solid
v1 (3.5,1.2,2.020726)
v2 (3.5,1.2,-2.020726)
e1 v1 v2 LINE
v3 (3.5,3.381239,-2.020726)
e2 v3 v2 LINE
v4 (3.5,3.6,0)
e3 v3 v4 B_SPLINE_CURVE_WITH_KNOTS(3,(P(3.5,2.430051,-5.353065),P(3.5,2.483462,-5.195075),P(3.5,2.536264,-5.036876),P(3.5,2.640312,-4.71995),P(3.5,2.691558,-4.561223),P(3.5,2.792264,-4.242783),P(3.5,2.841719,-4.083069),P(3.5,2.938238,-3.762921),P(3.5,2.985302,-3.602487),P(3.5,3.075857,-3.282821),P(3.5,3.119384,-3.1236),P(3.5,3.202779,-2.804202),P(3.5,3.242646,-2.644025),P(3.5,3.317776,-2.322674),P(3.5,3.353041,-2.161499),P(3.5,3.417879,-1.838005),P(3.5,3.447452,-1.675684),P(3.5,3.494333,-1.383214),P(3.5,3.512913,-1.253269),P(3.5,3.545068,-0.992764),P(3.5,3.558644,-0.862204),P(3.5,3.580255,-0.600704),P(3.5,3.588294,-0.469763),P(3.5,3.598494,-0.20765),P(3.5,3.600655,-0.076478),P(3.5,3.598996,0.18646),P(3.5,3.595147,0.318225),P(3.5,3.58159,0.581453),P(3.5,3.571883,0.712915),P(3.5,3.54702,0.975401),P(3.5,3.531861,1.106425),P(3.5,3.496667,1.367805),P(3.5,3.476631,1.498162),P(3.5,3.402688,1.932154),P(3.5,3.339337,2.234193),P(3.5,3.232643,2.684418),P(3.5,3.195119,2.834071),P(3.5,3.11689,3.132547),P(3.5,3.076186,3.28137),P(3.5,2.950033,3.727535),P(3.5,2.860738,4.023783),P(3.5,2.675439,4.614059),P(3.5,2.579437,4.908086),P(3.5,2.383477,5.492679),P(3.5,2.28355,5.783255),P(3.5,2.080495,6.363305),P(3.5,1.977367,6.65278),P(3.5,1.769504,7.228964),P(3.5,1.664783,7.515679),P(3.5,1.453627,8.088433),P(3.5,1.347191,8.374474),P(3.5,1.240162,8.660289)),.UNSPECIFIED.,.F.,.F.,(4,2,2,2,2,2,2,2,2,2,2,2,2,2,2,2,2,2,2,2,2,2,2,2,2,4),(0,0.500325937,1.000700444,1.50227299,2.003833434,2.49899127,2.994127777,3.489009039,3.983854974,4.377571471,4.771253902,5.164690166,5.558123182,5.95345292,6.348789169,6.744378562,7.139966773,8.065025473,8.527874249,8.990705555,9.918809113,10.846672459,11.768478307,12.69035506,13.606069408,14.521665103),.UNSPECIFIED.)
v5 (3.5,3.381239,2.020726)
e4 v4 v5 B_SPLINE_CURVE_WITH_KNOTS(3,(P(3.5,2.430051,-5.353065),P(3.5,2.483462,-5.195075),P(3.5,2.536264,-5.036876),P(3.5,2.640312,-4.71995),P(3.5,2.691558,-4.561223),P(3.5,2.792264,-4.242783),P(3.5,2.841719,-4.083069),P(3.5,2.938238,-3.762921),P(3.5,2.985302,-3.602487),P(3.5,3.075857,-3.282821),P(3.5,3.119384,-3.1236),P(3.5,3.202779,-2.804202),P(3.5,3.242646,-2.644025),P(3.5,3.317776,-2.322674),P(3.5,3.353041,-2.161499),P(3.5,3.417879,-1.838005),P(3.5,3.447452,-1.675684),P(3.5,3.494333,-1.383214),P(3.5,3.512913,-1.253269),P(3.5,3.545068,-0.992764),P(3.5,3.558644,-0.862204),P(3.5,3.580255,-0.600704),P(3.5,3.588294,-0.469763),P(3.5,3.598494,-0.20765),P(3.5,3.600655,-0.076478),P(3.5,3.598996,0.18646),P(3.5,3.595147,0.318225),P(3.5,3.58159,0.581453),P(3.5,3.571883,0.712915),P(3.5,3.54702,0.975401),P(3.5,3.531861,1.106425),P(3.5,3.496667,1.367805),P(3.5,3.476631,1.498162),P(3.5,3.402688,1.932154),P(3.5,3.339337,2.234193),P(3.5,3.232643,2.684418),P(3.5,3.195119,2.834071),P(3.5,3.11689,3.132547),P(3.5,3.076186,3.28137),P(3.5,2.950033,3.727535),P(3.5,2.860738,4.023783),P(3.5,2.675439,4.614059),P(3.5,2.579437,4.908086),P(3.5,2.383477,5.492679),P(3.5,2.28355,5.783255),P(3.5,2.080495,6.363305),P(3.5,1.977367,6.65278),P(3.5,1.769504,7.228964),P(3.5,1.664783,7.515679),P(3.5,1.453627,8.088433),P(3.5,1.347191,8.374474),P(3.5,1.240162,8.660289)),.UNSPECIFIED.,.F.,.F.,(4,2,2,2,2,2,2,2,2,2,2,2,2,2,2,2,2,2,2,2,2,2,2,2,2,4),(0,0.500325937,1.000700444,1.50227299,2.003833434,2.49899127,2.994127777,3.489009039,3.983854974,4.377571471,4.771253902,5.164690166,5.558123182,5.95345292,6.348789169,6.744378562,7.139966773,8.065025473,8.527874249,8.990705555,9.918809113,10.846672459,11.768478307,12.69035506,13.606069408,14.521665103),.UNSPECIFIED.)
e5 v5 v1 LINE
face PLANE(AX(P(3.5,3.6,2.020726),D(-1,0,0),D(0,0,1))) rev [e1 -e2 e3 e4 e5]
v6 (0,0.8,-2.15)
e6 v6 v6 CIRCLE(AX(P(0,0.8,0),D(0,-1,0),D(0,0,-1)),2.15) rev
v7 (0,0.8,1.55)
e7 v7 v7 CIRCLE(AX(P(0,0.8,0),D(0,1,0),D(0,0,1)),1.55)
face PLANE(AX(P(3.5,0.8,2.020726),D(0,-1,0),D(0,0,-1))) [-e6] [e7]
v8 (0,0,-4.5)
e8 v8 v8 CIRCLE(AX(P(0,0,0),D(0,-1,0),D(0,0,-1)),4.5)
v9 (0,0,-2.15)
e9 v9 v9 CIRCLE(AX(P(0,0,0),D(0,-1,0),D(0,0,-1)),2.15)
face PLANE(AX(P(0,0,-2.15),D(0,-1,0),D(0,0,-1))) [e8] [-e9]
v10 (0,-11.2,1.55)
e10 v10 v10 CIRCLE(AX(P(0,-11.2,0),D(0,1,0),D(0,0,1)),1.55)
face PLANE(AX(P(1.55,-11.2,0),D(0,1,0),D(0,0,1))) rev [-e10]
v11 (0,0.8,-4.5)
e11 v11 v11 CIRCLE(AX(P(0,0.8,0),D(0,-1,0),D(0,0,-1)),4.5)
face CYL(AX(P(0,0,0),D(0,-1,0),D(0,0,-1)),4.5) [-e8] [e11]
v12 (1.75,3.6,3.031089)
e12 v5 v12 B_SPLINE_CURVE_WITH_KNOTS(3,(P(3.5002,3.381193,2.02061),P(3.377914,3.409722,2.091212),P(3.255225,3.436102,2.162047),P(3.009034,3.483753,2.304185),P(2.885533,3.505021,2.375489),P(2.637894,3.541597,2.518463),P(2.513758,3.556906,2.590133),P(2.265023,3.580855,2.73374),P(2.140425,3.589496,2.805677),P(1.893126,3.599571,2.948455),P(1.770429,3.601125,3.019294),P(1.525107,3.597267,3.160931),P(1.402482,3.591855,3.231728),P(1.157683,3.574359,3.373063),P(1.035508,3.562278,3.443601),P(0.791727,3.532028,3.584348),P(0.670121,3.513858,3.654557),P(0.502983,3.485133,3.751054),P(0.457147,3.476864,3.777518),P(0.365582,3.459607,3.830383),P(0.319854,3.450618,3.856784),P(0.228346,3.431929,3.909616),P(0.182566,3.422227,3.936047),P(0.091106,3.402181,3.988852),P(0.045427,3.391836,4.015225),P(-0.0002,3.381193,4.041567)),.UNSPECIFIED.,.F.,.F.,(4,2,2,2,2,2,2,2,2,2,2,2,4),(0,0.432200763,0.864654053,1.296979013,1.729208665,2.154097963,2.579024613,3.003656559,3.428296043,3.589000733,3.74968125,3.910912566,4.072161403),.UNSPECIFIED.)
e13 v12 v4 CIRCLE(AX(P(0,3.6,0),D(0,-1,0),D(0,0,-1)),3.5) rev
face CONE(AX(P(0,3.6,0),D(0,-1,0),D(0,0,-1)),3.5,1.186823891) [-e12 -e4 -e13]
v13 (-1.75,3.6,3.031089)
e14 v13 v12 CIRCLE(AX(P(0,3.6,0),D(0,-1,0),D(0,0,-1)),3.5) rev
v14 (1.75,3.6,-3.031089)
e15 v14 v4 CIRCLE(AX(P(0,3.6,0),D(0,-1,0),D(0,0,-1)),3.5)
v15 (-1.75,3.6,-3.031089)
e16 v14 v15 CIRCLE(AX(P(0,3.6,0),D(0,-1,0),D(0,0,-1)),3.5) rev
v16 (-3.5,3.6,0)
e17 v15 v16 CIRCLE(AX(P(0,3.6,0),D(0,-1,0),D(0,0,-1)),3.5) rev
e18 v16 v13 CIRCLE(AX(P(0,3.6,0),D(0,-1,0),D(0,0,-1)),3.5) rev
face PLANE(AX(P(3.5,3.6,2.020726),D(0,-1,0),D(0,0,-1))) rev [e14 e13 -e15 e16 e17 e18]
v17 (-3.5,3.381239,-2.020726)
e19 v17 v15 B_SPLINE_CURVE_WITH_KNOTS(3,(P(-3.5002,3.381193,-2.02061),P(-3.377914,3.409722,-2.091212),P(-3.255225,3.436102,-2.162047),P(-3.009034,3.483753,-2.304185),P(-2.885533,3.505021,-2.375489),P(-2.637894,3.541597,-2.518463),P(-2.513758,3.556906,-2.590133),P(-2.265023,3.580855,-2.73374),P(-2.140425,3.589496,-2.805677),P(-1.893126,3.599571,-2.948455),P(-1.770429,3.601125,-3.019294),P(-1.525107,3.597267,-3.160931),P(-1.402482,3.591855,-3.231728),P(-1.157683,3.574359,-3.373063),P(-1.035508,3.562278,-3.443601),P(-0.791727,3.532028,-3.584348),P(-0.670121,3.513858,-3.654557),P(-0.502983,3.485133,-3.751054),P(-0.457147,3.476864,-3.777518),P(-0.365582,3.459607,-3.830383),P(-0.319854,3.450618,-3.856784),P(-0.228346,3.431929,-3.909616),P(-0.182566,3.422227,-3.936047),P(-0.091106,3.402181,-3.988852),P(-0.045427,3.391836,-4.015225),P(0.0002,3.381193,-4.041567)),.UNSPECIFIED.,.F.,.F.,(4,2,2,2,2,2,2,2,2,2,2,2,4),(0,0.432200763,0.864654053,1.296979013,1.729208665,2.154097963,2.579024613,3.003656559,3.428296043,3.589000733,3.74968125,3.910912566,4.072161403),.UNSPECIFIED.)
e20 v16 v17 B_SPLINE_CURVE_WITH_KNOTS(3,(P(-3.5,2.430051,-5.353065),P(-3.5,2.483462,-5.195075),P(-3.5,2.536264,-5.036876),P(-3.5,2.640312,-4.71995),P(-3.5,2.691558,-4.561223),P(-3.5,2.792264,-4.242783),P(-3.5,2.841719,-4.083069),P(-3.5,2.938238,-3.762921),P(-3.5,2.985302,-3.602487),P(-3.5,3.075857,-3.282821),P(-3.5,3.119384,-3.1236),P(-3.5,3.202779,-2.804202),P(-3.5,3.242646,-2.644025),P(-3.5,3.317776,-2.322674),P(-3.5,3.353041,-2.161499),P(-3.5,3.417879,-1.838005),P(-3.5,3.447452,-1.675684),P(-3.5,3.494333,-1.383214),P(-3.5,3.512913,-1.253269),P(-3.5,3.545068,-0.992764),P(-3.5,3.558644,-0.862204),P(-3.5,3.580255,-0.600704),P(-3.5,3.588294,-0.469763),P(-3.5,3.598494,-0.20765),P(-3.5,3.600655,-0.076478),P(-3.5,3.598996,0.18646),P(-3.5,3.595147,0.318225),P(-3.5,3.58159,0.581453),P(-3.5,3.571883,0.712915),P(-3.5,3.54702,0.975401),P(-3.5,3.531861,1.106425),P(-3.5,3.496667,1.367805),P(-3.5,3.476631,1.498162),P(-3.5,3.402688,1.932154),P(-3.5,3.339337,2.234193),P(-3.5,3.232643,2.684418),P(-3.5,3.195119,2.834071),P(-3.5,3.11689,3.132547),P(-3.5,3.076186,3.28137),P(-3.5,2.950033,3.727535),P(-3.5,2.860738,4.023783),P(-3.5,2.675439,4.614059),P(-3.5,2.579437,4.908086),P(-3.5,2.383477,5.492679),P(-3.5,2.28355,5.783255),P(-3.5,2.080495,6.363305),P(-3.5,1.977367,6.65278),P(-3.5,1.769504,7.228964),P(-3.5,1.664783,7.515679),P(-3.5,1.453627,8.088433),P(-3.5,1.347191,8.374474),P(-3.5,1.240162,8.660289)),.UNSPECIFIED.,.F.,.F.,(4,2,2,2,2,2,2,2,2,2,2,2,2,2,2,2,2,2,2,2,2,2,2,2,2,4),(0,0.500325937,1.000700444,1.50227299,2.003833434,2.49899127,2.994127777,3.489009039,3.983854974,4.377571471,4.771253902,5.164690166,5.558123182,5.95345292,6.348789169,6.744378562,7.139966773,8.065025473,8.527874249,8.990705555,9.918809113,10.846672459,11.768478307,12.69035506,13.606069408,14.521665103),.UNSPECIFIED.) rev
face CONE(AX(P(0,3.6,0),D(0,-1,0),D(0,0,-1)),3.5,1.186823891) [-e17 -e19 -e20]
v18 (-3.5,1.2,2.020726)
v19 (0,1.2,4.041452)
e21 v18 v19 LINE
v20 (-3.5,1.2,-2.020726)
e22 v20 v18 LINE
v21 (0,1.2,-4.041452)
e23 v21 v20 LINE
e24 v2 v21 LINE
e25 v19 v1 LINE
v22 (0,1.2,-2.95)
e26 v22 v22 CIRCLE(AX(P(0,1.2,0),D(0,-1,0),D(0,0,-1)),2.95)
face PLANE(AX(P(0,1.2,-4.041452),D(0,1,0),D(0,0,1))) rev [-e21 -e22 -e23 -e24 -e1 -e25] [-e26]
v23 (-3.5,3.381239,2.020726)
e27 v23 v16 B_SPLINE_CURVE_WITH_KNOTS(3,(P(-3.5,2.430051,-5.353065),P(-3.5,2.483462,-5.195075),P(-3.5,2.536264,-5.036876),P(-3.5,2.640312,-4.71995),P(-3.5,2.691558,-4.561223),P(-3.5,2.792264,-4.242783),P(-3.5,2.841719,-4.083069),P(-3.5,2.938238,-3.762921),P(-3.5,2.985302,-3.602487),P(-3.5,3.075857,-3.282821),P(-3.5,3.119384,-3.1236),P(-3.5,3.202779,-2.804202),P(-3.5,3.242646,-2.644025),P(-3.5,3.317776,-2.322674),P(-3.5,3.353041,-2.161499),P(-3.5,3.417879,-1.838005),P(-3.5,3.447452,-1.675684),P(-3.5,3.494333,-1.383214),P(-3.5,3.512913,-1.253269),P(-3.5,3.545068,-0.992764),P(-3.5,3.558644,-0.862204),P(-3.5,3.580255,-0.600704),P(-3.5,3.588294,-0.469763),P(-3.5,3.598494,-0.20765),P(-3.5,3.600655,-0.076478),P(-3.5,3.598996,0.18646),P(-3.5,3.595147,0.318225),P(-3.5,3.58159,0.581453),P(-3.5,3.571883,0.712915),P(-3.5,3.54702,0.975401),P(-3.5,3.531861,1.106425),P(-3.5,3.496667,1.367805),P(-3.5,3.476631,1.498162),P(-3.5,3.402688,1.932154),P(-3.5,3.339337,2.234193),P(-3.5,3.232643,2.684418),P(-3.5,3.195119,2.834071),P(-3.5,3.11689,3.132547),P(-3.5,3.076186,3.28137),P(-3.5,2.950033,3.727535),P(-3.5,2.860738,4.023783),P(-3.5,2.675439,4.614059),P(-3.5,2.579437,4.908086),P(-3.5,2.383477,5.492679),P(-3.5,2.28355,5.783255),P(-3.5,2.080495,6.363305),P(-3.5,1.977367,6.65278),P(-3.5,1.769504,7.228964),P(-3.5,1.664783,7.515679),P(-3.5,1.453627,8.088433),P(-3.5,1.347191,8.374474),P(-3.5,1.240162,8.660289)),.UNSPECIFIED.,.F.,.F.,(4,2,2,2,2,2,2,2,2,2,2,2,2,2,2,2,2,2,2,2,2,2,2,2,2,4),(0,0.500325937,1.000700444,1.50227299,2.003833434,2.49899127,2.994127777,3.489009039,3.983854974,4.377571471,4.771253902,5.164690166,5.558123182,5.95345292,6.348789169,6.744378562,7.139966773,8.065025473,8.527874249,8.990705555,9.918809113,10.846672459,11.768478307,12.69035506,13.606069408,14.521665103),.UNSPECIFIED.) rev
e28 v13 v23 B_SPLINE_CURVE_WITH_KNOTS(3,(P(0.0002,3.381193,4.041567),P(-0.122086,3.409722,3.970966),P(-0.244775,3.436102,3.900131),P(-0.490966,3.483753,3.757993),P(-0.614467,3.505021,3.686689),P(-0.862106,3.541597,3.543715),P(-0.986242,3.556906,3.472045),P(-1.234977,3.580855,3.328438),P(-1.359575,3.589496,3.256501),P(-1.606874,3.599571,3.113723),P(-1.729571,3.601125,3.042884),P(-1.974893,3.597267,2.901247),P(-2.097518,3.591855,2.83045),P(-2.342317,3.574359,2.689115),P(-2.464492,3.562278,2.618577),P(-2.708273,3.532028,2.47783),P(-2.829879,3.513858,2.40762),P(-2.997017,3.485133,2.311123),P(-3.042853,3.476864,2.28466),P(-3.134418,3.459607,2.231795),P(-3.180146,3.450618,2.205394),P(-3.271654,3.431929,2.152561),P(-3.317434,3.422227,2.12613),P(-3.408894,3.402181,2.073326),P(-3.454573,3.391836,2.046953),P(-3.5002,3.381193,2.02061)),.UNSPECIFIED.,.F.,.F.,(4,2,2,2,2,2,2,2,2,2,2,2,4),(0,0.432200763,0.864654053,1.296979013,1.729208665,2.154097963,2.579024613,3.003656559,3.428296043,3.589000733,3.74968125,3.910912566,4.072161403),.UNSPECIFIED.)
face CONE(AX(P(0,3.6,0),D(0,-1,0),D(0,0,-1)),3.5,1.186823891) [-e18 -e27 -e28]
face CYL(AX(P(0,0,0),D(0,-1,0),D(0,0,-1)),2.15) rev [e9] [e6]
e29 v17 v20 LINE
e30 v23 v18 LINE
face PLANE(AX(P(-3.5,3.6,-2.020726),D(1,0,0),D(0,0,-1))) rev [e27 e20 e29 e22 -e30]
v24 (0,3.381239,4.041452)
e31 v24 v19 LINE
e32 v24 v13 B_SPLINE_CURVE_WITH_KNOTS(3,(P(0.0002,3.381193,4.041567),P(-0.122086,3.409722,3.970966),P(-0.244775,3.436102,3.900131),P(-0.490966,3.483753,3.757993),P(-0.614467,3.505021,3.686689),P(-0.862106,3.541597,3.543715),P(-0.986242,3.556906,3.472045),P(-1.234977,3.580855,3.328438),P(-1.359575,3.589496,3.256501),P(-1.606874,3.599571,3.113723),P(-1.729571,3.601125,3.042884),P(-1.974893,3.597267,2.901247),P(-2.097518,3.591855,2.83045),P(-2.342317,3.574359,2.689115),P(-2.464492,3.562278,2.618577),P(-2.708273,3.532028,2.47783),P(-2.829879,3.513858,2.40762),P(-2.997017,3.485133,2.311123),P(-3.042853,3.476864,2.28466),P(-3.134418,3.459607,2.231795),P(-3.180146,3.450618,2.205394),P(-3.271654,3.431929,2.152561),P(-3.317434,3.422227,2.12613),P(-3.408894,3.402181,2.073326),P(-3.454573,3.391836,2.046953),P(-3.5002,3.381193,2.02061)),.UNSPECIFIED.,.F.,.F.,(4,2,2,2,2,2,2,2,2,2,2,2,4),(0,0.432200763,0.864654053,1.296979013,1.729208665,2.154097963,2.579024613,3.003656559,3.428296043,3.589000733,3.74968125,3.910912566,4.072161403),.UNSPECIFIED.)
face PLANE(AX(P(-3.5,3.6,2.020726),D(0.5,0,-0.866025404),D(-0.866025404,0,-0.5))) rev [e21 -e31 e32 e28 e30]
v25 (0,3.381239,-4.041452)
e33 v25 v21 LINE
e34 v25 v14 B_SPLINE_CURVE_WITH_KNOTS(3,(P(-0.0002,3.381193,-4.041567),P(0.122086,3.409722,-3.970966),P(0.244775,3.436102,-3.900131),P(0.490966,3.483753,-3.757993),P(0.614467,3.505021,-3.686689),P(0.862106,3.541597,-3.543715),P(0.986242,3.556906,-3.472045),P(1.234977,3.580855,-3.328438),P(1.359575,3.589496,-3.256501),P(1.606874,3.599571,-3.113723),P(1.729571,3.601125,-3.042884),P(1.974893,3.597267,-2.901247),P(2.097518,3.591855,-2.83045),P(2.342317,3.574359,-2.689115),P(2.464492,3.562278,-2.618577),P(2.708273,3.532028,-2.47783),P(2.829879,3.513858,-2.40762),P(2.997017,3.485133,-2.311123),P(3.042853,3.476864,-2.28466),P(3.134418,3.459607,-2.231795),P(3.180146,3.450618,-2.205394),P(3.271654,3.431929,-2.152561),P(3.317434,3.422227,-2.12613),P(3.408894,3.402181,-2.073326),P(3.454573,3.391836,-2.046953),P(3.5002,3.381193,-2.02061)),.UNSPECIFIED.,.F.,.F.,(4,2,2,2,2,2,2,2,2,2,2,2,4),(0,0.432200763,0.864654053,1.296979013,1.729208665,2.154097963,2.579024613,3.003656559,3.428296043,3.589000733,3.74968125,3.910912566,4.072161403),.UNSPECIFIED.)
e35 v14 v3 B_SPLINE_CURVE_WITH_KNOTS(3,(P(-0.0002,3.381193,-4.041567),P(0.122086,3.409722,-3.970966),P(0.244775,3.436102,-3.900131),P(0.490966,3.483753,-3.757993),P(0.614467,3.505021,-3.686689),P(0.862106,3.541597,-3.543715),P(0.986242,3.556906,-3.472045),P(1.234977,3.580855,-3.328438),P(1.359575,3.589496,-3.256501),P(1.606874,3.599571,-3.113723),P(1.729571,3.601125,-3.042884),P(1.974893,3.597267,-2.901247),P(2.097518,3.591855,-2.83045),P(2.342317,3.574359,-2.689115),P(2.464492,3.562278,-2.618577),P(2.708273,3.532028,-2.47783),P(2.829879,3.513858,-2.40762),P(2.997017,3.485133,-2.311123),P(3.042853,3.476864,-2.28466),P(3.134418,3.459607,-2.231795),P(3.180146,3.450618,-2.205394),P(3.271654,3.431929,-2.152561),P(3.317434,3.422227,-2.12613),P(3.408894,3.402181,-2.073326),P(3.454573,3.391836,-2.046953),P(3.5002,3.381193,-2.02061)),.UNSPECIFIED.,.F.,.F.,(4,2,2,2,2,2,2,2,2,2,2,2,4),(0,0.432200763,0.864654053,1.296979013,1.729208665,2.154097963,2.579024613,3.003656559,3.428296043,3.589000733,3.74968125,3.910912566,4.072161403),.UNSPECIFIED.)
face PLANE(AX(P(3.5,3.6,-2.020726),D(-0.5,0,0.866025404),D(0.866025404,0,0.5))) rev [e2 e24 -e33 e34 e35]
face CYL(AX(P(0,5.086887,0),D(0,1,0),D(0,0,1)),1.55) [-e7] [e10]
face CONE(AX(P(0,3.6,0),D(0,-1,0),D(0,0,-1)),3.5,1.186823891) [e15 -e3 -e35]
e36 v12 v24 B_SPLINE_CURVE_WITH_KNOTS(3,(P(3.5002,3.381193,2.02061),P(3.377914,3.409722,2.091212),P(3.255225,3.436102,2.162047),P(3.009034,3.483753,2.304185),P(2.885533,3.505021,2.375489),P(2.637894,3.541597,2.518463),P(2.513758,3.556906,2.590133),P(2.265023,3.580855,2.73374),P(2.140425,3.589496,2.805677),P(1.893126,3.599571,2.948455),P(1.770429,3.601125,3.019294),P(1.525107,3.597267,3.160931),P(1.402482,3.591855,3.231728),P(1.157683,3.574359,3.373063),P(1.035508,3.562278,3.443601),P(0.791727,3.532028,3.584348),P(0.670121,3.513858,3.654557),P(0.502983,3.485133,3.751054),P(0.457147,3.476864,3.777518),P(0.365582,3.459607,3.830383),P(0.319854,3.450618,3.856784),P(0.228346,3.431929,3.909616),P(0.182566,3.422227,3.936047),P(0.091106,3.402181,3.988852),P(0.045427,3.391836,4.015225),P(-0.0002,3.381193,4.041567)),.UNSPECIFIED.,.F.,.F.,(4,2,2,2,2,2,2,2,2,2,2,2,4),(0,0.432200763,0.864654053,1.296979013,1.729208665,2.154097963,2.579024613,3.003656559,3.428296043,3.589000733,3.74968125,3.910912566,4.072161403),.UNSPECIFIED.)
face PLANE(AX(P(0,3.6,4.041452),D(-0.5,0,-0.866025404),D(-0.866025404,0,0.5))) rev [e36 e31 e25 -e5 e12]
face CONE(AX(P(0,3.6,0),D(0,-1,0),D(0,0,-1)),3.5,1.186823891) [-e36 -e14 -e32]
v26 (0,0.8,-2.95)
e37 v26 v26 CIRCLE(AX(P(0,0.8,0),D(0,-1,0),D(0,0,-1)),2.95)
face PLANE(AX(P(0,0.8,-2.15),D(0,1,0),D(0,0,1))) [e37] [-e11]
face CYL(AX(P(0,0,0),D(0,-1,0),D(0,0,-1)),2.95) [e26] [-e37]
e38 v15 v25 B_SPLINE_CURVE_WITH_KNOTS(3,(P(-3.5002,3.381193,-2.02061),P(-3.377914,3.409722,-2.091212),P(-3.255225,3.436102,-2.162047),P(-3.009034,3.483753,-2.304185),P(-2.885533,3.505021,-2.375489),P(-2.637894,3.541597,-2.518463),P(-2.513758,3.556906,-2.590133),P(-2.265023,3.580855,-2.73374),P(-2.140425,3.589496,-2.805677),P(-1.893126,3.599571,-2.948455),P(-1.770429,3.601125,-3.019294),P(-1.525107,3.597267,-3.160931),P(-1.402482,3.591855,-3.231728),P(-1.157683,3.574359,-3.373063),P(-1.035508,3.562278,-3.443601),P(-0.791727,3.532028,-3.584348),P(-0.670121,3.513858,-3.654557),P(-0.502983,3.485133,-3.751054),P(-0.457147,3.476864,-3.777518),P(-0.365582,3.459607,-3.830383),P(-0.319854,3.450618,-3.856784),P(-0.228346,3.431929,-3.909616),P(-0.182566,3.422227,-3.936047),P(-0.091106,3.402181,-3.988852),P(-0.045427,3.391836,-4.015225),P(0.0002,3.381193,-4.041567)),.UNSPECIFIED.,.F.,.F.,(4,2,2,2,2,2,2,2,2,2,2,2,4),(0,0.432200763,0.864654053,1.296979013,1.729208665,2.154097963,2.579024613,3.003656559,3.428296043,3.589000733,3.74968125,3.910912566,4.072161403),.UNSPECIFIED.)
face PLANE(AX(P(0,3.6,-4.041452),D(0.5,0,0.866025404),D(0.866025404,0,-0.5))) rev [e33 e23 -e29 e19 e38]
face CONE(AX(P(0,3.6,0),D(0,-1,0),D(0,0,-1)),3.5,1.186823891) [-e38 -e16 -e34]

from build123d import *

# Parameters (mm, degrees)
KOPF_DEPTH = 2.8
SKIZZE3_W  = 1.091451884
SKIZZE3_H  = 0.4
SKIZZE2_W  = 1.55
SKIZZE2_H  = 12
SKIZZE4_W  = 2.35
SKIZZE4_H  = 0.8


with BuildPart() as part:
    # Skizze1 → Kopf (new body)
    with BuildSketch(Plane(origin=(0, 0.8, 0), x_dir=(1, 0, 0), z_dir=(0, 1, 0))):
        Polygon((3.5, 2.020725942), (0, 4.041451884), (-3.5, 2.020725942), (-3.5, -2.020725942), (0, -4.041451884), (3.5, -2.020725942), align=None)
    extrude(amount=KOPF_DEPTH)

    # Skizze3 → Schnitt Kopf (revolve, cut)
    with BuildSketch(Plane(origin=(0, 0, 0), x_dir=(0, 0, -1), z_dir=(1, 0, 0))):
        Polygon((4.041451884, 3.6), (3.5, 3.6), (4.041451884, 3.381239239), align=None)
        with Locations((3.495725942, 1)):
            Rectangle(SKIZZE3_W, SKIZZE3_H)
    revolve(axis=Axis((0, 0, 0), (0, 1, 0)), mode=Mode.SUBTRACT)

    # Skizze2 → Gewinde (revolve)
    with BuildSketch(Plane.XY, mode=Mode.PRIVATE) as gewinde_sk:
        with Locations((0.775, -5.2)):
            Rectangle(SKIZZE2_W, SKIZZE2_H)
    revolve(gewinde_sk.sketch.rotate(Axis((0, 5.086887038, 0), (0, -1, 0)), 270), axis=Axis((0, 5.086887038, 0), (0, -1, 0)))  # turned: the seam where the file's is

    # Skizze4 → Rotation1 (revolve)
    with BuildSketch(Plane(origin=(0, 0, 0), x_dir=(0, 0, -1), z_dir=(1, 0, 0))):
        with Locations((3.325, 0.4)):
            Rectangle(SKIZZE4_W, SKIZZE4_H)
    revolve(axis=Axis((0, 0, 0), (0, 1, 0)))


solid = part.part
